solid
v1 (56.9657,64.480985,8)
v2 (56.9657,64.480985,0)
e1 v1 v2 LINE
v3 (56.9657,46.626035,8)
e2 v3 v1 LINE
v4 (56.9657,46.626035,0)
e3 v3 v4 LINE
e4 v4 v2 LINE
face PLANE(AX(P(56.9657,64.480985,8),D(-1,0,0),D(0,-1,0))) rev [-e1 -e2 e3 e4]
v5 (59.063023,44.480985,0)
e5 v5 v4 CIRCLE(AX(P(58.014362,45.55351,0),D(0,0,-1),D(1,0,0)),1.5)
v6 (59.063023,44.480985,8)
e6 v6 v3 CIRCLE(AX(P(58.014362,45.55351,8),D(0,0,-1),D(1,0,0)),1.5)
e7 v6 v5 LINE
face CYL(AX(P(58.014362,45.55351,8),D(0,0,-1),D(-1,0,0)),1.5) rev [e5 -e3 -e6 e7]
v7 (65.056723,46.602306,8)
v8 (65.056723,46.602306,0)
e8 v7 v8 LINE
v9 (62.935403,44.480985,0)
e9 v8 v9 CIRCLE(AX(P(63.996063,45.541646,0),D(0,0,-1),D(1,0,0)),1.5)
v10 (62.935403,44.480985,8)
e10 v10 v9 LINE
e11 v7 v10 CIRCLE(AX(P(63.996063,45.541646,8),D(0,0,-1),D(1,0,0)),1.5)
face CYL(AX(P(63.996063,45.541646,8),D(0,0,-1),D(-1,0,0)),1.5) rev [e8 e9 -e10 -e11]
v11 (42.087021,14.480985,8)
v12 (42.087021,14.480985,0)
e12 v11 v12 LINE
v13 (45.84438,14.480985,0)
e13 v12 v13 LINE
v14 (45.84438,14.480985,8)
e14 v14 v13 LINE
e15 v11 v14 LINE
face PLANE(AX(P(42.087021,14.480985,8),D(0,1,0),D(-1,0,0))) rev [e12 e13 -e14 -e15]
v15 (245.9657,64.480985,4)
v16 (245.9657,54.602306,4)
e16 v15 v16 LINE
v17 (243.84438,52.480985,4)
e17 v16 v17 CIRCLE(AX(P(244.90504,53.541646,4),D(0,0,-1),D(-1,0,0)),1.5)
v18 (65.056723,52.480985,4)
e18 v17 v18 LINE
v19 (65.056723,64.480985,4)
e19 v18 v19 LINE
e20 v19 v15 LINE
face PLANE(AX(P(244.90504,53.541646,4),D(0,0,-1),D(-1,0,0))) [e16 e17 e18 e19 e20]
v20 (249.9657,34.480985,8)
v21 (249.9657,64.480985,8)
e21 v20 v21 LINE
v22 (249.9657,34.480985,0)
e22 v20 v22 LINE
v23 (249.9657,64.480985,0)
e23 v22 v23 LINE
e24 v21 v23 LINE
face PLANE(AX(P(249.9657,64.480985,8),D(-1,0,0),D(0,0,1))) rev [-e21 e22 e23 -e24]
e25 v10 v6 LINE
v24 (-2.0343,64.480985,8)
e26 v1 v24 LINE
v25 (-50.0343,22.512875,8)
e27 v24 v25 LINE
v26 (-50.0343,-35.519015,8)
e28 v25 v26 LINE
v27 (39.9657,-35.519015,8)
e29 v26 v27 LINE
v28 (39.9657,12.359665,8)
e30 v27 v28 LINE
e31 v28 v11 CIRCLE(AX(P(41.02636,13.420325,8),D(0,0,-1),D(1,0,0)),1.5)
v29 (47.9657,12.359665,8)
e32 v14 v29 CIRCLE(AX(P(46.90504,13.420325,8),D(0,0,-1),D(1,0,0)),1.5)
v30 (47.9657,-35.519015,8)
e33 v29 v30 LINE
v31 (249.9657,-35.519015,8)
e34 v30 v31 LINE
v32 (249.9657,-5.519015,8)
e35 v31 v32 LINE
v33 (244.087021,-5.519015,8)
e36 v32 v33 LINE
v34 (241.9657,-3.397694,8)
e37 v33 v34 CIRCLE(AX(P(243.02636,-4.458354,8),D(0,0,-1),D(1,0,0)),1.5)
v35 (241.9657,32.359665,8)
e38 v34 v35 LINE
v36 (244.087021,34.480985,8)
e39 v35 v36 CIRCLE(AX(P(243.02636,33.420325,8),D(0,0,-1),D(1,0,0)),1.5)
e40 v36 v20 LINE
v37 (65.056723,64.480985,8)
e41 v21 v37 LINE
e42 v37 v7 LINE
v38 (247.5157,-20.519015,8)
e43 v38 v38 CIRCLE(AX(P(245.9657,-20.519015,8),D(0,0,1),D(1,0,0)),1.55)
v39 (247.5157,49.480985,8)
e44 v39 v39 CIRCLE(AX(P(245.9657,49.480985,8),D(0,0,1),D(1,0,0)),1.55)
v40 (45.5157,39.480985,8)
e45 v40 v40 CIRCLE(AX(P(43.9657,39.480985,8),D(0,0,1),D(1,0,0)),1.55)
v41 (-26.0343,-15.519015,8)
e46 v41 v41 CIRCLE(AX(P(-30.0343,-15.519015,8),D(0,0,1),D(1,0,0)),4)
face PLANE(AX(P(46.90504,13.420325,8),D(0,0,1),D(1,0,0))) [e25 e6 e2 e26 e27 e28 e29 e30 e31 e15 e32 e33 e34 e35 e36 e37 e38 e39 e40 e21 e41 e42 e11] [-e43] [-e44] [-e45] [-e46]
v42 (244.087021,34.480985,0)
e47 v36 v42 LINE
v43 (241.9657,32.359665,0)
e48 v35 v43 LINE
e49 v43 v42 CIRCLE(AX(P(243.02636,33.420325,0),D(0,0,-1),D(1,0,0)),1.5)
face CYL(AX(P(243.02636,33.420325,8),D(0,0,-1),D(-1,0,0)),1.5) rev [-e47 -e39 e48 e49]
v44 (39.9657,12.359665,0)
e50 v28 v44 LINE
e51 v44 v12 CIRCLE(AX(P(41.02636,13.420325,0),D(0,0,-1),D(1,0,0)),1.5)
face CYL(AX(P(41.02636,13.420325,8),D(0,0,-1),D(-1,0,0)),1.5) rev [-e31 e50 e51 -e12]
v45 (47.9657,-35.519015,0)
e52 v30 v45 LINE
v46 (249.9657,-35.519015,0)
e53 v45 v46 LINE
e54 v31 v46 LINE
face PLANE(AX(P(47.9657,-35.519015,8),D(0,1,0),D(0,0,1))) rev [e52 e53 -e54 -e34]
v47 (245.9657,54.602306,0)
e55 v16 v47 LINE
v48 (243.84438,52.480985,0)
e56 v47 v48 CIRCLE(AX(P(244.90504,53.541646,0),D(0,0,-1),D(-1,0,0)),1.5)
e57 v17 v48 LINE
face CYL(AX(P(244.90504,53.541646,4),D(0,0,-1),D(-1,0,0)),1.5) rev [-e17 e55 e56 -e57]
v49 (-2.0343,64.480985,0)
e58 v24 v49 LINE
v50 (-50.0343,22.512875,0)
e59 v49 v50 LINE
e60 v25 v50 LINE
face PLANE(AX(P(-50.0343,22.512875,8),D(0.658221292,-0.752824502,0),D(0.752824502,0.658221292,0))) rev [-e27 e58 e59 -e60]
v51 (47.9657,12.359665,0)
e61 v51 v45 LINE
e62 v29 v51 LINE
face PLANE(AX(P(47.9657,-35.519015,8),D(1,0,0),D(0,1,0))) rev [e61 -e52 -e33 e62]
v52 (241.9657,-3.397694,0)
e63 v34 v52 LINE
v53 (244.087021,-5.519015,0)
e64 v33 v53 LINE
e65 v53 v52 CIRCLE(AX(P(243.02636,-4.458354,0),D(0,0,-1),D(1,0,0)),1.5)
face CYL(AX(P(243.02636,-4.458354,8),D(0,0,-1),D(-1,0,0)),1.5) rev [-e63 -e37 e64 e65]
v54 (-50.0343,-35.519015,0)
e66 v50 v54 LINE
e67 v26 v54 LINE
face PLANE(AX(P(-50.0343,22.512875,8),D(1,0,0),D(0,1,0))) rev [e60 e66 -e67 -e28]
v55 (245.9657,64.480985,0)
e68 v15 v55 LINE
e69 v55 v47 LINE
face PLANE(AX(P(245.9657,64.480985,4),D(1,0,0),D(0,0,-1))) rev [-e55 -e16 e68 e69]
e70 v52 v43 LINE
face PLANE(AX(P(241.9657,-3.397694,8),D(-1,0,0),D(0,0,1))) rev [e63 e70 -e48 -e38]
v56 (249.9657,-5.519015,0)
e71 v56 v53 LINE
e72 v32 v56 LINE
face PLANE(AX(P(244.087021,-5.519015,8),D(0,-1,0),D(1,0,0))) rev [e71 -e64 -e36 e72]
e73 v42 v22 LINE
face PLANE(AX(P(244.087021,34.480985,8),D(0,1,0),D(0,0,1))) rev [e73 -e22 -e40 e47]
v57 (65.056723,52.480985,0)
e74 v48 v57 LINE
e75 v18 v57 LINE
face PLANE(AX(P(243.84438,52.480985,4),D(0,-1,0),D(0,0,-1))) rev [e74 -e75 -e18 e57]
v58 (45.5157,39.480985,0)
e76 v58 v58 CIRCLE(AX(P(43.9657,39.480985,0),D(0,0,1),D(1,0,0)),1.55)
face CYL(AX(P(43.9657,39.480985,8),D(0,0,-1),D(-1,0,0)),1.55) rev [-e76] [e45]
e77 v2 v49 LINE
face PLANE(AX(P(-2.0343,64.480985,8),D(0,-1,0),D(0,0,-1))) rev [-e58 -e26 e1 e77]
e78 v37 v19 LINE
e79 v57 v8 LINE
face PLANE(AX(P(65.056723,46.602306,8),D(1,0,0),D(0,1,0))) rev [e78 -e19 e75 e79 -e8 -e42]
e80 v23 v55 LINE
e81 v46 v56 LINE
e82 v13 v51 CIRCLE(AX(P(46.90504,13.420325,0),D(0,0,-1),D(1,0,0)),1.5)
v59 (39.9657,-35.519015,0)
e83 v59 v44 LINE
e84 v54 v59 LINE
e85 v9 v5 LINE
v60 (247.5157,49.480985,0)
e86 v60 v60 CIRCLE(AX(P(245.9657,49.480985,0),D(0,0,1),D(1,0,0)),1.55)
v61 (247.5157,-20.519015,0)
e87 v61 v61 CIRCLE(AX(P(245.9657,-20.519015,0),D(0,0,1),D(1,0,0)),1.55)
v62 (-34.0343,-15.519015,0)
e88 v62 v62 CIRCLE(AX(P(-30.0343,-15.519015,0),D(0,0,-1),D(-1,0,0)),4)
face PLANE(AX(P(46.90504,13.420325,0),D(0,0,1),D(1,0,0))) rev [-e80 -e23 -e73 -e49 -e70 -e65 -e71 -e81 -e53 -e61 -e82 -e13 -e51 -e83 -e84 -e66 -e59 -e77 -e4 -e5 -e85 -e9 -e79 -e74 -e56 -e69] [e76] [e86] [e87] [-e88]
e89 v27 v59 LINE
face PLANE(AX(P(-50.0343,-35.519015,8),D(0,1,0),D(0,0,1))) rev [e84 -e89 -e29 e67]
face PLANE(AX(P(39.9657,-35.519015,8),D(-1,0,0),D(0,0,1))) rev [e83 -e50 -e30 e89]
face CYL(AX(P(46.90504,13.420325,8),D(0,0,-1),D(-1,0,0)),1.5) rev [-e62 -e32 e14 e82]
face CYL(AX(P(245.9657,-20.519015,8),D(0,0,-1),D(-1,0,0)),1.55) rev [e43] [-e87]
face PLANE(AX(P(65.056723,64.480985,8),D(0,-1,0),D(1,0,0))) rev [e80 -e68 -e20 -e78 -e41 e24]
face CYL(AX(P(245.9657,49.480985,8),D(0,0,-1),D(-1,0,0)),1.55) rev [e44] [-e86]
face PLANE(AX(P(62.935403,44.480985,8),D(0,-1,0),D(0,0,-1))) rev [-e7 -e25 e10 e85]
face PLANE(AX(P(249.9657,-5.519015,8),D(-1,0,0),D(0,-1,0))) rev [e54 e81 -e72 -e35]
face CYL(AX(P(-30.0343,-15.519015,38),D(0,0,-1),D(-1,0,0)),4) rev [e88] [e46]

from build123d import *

# Parameters (mm, degrees)
ESQUISSE1_R             = 1.55
BOSS_EXTRU_1_DEPTH      = 8
ENL_V_MAT_EXTRU_1_DEPTH = 4
ESQUISSE3_R             = 4
ENL_V_MAT_EXTRU_2_DEPTH = 38


with BuildPart() as part:
    # Esquisse1 → Boss.-Extru.1 (new body)
    with BuildSketch(Plane.XY):
        with BuildLine():
            Line((-2.034299831, 64.480985332), (56.965700169, 64.480985332))
            Line((56.965700169, 64.480985332), (56.965700169, 46.626034607))
            ThreePointArc((56.965700169, 46.626034607), (56.941837013, 44.504848488), (59.063023131, 44.480985332))
            Line((59.063023131, 44.480985332), (62.935403121, 44.480985332))
            ThreePointArc((62.935403121, 44.480985332), (65.056723464, 44.480985332), (65.056723464, 46.602305676))
            Line((65.056723464, 46.602305676), (65.056723464, 64.480985332))
            Line((65.056723464, 64.480985332), (249.965700169, 64.480985332))
            Line((249.965700169, 64.480985332), (249.965700169, 34.480985332))
            Line((249.965700169, 34.480985332), (244.087020512, 34.480985332))
            ThreePointArc((244.087020512, 34.480985332), (241.965700169, 34.480985332), (241.965700169, 32.359664989))
            Line((241.965700169, 32.359664989), (241.965700169, -3.397694324))
            ThreePointArc((241.965700169, -3.397694324), (241.965700169, -5.519014668), (244.087020512, -5.519014668))
            Line((244.087020512, -5.519014668), (249.965700169, -5.519014668))
            Line((249.965700169, -5.519014668), (249.965700169, -35.519014668))
            Line((249.965700169, -35.519014668), (47.965700169, -35.519014668))
            Line((47.965700169, -35.519014668), (47.965700169, 12.359664989))
            ThreePointArc((47.965700169, 12.359664989), (47.965700169, 14.480985332), (45.844379825, 14.480985332))
            Line((45.844379825, 14.480985332), (42.087020512, 14.480985332))
            ThreePointArc((42.087020512, 14.480985332), (39.965700169, 14.480985332), (39.965700169, 12.359664989))
            Line((39.965700169, 12.359664989), (39.965700169, -35.519014668))
            Line((39.965700169, -35.519014668), (-50.034299831, -35.519014668))
            Line((-50.034299831, -35.519014668), (-50.034299831, 22.512874652))
            Line((-50.034299831, 22.512874652), (-2.034299831, 64.480985332))
        make_face()
        with Locations((245.965700169, 49.480985332)):
            Circle(ESQUISSE1_R, mode=Mode.SUBTRACT)
        with Locations((245.965700169, -20.519014668)):
            Circle(ESQUISSE1_R, mode=Mode.SUBTRACT)
        with Locations((43.965700169, 39.480985332)):
            Circle(ESQUISSE1_R, mode=Mode.SUBTRACT)
    extrude(amount=BOSS_EXTRU_1_DEPTH)

    # Esquisse2 → Enlèv. mat.-Extru.1 (cut)
    with BuildSketch(Plane(origin=(0, 0, 0), x_dir=(-1, 0, 0), z_dir=(0, 0, -1))):
        with BuildLine():
            Line((-245.965700169, 64.480985332), (-60.965700169, 64.480985332))
            Line((-60.965700169, 64.480985332), (-60.965700169, 52.480985332))
            Line((-60.965700169, 52.480985332), (-243.844379825, 52.480985332))
            ThreePointArc((-243.844379825, 52.480985332), (-245.965700169, 52.480985332), (-245.965700169, 54.602305676))
            Line((-245.965700169, 54.602305676), (-245.965700169, 64.480985332))
        make_face()
    extrude(amount=-ENL_V_MAT_EXTRU_1_DEPTH, mode=Mode.SUBTRACT)

    # Esquisse3 → Enlèv. mat.-Extru.2 (cut)
    with BuildSketch(Plane(origin=(0, 0, 0), x_dir=(-1, 0, 0), z_dir=(0, 0, -1))):
        with Locations((30.034299831, -15.519014668)):
            Circle(ESQUISSE3_R)
    extrude(amount=-ENL_V_MAT_EXTRU_2_DEPTH, mode=Mode.SUBTRACT)


solid = part.part
